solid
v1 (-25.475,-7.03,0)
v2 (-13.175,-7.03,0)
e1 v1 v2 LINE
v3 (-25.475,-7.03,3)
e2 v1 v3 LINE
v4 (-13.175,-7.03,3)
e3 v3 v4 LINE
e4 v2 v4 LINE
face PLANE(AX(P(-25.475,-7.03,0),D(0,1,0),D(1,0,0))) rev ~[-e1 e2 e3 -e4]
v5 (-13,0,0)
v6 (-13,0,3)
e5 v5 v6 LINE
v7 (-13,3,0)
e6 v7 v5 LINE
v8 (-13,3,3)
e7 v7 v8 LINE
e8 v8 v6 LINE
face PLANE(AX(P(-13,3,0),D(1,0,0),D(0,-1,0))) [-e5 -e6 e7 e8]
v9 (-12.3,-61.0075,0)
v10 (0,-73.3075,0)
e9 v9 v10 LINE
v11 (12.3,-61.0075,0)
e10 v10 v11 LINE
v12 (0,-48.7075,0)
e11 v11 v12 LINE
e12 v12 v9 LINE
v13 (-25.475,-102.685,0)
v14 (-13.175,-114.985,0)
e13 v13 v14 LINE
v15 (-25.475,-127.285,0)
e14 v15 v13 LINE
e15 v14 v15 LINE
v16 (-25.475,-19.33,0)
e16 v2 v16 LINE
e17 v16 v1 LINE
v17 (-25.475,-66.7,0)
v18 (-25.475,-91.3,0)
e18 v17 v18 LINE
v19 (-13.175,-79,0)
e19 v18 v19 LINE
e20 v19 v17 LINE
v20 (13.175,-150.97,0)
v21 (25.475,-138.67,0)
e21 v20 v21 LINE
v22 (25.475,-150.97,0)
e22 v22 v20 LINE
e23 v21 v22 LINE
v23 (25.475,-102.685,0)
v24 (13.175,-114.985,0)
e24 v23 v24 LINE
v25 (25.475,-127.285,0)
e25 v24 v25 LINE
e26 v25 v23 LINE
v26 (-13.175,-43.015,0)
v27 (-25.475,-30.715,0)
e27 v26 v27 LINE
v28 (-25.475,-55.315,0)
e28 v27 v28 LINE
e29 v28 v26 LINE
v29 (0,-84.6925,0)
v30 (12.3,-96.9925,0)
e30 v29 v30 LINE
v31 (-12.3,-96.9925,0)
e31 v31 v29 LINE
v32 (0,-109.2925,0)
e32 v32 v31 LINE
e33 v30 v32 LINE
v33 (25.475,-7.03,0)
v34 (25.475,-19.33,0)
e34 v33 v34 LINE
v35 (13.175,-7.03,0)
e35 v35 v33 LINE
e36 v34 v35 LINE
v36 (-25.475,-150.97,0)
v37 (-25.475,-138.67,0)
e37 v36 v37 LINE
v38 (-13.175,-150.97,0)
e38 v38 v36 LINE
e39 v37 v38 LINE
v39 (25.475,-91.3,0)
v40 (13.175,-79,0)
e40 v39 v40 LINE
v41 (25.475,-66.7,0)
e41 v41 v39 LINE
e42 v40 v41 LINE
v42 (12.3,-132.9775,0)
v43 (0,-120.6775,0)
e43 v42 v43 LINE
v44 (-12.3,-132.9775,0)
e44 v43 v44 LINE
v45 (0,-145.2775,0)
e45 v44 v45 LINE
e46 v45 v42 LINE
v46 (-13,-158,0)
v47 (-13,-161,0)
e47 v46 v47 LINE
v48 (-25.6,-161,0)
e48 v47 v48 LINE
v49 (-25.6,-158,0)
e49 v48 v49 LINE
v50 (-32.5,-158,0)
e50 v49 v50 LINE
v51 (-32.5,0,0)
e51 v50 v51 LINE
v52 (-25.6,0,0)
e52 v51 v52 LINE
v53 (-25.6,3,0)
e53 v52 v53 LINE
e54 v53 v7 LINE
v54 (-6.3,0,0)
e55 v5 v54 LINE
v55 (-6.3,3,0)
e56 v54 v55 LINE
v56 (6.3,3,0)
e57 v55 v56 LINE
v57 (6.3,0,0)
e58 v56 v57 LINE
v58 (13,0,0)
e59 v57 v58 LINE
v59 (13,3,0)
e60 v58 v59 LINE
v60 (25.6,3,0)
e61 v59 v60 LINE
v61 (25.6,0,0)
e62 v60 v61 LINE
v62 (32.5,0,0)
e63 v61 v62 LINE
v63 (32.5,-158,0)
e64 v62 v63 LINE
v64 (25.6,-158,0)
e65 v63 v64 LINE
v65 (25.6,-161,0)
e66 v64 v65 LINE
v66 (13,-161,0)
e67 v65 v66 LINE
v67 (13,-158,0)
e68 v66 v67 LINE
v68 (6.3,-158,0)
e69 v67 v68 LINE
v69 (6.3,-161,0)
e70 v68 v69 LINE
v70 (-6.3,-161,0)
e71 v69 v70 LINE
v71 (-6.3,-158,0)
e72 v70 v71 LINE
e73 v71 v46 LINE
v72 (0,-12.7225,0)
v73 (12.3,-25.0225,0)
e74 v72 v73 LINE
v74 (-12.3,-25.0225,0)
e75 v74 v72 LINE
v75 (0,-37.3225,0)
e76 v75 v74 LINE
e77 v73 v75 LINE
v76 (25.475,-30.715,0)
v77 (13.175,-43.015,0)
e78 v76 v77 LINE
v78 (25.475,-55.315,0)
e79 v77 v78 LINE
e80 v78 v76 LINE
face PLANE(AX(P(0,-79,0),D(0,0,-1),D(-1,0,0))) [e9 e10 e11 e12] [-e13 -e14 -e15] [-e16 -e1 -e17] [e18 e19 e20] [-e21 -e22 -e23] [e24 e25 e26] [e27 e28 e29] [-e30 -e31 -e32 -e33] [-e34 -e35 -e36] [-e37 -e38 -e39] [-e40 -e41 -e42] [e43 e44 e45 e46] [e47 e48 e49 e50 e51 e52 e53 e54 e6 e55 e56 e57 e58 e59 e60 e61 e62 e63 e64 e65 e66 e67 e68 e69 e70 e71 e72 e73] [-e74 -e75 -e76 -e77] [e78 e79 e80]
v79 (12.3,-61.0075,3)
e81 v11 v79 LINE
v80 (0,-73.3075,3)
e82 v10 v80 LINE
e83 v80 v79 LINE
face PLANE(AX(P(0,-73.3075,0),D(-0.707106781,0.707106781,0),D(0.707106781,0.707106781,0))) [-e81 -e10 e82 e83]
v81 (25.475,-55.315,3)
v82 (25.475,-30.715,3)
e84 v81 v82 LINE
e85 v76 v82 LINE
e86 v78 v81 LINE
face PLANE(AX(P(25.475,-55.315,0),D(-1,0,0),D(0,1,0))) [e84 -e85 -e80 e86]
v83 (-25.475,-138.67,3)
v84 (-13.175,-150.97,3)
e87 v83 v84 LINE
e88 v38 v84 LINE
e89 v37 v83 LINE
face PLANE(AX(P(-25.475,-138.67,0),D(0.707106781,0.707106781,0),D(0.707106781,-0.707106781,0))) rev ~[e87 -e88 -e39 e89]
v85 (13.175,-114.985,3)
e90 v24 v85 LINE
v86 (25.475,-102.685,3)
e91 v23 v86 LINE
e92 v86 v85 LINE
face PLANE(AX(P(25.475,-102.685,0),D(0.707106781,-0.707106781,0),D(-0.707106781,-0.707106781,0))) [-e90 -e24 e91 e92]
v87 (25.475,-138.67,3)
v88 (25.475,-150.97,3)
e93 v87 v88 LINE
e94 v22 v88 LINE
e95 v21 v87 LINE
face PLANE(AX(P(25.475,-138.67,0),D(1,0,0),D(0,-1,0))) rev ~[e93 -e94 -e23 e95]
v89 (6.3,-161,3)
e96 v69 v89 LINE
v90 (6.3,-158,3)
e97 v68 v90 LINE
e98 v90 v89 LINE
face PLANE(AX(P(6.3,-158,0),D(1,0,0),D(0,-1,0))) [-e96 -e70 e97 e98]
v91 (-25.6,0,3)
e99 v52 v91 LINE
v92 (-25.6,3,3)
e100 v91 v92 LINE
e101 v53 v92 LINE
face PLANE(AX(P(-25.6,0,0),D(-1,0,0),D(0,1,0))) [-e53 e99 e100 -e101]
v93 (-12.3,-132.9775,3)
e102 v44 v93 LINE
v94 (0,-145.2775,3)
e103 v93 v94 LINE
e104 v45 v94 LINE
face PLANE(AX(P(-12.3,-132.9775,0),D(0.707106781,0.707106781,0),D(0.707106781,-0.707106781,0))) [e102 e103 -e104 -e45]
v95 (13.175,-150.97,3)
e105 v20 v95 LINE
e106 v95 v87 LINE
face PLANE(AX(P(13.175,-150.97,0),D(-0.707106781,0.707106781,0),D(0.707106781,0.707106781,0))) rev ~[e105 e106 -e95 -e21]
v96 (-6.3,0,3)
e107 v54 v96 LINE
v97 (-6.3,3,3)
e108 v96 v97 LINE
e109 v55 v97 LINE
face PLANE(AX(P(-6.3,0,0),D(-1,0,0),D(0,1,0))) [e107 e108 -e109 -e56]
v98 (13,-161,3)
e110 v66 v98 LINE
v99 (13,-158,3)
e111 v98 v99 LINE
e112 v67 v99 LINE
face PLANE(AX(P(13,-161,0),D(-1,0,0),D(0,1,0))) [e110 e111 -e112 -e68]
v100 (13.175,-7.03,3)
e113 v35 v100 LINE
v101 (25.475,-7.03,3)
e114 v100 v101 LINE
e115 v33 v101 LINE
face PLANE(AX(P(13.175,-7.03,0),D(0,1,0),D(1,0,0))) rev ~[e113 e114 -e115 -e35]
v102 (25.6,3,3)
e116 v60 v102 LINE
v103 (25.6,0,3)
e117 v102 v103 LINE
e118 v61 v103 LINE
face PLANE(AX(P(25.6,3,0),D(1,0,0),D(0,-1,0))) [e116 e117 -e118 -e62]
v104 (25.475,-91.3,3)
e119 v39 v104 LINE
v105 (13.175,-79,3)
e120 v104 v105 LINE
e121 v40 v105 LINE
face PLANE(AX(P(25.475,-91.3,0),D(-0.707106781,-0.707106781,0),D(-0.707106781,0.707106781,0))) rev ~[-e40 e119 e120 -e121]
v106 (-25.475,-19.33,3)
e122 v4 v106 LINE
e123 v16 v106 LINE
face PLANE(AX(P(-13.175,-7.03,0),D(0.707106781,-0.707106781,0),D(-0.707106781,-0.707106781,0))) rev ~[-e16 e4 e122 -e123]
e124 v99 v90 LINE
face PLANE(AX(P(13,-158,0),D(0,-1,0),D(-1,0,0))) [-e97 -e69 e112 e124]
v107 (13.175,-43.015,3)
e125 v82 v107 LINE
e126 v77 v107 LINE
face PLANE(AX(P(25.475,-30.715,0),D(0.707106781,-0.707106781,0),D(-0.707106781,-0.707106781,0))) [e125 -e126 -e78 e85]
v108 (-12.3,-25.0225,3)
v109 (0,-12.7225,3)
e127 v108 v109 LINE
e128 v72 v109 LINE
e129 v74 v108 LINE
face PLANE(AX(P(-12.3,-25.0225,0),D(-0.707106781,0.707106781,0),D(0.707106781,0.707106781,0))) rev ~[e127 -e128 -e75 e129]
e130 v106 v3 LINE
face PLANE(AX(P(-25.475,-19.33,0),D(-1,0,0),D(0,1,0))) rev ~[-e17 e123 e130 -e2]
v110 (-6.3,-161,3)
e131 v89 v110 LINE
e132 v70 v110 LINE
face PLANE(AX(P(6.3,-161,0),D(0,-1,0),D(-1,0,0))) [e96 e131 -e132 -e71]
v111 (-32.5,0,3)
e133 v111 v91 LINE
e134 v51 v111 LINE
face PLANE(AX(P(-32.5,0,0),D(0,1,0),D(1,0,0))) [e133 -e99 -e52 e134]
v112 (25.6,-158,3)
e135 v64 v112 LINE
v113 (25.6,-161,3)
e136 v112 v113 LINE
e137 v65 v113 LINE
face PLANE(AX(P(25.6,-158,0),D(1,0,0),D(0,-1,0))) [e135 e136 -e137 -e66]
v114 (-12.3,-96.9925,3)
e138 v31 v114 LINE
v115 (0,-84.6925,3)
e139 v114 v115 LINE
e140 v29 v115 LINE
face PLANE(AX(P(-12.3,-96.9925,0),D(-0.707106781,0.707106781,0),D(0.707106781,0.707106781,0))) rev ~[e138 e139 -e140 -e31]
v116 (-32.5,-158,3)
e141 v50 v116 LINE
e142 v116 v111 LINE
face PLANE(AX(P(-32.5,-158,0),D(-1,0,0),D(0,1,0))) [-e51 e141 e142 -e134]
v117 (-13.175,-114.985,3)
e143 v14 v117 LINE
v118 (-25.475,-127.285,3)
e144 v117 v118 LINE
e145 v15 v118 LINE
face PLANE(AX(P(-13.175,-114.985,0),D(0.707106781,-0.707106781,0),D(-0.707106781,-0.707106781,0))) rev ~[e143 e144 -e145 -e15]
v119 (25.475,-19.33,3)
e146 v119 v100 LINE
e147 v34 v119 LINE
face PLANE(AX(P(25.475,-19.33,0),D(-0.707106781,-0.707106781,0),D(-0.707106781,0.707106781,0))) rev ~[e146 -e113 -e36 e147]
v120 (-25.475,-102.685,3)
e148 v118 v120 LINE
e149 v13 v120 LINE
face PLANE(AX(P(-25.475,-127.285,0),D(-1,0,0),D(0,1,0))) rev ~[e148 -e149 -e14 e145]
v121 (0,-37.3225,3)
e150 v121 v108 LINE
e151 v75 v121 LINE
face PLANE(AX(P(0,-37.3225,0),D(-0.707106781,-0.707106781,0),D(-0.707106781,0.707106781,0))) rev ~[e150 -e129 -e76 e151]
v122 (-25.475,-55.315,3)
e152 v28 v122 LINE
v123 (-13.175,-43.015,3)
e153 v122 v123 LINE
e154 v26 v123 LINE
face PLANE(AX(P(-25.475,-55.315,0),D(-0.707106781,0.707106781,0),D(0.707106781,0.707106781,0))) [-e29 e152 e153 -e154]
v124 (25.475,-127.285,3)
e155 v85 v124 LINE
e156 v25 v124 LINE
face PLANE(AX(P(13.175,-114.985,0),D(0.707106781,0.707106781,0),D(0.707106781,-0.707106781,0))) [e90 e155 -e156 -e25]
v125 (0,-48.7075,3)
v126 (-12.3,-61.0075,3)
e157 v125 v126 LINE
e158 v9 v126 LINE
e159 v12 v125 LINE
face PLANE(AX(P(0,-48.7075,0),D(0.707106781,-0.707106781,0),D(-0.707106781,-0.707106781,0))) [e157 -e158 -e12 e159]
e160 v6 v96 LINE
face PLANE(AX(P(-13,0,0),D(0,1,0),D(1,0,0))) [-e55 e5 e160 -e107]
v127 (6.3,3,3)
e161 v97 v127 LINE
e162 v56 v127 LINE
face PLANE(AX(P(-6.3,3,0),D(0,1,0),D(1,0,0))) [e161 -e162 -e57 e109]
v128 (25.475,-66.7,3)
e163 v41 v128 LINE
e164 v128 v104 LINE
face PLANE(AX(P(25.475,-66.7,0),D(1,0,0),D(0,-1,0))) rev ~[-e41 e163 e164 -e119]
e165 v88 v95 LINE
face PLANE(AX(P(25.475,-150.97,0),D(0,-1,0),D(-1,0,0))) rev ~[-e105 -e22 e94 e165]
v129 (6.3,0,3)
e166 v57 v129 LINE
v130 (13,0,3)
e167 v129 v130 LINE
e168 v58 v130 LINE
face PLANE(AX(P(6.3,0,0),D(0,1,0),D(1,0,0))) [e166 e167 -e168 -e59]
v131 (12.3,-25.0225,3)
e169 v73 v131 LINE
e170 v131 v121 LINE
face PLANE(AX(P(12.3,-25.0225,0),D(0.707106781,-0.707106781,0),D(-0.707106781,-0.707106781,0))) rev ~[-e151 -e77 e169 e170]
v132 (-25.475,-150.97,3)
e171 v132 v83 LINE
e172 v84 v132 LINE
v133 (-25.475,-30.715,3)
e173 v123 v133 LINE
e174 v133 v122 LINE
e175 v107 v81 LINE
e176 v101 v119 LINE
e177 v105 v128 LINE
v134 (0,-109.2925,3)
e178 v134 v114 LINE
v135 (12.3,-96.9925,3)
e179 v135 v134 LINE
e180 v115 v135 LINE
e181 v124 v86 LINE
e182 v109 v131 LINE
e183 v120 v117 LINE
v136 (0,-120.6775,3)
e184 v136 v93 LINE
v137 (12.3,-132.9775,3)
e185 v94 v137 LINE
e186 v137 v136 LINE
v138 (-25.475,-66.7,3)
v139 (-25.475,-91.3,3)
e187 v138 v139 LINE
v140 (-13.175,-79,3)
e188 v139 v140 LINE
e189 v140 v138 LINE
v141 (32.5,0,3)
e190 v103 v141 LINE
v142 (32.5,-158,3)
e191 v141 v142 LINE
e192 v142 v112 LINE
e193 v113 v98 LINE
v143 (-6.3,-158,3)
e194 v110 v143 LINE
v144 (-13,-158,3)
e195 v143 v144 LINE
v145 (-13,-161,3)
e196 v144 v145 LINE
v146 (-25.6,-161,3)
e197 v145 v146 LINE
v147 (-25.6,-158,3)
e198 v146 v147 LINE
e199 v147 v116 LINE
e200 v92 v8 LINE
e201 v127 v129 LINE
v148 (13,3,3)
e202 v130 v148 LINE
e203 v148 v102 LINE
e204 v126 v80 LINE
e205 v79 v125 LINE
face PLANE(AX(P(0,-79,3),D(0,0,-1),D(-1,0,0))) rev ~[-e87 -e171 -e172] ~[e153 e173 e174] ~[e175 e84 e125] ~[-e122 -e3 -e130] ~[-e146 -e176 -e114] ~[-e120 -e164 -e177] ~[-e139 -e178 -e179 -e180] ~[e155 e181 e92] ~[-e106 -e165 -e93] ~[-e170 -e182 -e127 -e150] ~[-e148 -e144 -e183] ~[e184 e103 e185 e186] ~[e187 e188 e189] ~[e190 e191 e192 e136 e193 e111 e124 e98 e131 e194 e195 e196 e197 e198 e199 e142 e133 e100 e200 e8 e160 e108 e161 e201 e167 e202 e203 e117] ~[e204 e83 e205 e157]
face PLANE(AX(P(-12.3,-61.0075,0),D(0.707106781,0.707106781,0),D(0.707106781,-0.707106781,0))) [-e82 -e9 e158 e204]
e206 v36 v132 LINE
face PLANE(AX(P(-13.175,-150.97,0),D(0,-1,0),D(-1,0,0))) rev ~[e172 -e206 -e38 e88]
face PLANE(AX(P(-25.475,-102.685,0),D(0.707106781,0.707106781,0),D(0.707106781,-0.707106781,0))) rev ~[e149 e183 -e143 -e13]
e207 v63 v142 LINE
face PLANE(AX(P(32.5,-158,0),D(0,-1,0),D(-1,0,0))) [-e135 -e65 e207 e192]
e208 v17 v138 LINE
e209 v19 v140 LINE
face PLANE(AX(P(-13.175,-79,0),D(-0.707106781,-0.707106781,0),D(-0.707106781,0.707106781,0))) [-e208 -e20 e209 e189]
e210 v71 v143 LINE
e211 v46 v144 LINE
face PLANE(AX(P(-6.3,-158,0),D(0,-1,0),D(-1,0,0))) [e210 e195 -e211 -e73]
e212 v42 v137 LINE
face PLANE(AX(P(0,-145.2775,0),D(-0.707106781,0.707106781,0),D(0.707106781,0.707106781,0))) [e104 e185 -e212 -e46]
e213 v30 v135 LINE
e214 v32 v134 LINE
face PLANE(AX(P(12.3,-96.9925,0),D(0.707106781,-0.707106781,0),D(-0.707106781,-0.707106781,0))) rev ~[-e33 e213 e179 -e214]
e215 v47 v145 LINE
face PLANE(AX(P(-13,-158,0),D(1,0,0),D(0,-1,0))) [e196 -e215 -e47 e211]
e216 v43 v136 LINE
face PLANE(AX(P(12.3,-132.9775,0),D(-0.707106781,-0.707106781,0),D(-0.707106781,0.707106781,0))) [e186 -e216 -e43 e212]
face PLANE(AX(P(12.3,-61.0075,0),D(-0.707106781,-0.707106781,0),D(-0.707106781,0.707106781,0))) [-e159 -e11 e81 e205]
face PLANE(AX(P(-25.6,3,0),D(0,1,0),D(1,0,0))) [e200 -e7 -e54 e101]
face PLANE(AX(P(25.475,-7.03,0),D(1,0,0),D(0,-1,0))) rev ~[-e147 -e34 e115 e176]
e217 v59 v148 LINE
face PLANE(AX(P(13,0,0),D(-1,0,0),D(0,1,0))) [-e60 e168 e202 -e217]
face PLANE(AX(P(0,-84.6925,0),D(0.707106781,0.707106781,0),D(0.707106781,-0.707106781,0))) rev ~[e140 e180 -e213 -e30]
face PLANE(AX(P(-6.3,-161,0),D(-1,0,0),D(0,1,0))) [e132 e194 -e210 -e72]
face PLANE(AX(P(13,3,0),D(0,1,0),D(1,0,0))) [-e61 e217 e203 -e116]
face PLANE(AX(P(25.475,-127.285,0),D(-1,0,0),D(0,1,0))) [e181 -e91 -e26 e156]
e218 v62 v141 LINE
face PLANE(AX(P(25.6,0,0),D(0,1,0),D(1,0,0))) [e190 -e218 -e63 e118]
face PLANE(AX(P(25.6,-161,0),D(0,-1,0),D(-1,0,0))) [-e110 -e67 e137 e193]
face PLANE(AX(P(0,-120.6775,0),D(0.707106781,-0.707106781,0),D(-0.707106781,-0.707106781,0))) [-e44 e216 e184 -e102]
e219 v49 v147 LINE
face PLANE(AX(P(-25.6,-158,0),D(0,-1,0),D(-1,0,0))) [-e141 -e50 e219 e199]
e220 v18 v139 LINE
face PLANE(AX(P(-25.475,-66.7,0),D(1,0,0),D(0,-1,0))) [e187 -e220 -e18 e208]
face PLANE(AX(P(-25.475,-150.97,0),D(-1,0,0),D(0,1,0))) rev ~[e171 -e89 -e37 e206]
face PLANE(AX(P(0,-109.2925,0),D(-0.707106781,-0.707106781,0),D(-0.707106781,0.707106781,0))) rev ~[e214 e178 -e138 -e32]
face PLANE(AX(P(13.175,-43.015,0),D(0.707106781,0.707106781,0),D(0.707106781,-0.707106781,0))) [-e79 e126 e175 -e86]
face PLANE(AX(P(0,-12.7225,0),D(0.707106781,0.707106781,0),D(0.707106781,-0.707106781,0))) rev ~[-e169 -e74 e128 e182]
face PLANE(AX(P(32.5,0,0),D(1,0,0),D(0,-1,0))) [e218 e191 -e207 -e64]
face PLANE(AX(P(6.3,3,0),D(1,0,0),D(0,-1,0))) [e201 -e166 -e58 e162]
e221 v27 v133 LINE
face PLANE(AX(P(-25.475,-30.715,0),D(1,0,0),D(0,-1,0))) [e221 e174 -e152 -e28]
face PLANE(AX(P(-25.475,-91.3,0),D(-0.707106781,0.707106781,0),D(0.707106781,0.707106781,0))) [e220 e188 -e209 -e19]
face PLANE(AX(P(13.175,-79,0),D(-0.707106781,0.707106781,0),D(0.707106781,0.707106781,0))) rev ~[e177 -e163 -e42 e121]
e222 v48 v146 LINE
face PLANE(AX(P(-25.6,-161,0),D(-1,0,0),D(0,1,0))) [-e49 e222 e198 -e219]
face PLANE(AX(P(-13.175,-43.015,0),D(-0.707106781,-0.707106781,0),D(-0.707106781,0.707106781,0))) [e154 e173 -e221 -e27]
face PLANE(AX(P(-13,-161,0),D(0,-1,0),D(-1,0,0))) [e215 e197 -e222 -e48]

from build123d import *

# Parameters (mm, degrees)
SALIENTE_EXTRUIR1_DEPTH = 3


with BuildPart() as part:
    # Croquis2 → Saliente-Extruir1 (new body)
    with BuildSketch(Plane.XY):
        Polygon((-32.5, 0), (-25.6, 0), (-25.6, 3), (-13, 3), (-13, 0), (-6.3, 0), (-6.3, 3), (6.3, 3), (6.3, 0), (13, 0), (13, 3), (25.6, 3), (25.6, 0), (32.5, 0), (32.5, -158), (25.6, -158), (25.6, -161), (13, -161), (13, -158), (6.3, -158), (6.3, -161), (-6.3, -161), (-6.3, -158), (-13, -158), (-13, -161), (-25.6, -161), (-25.6, -158), (-32.5, -158), align=None)
        Polygon((-13.175, -7.03), (-25.475, -19.33), (-25.475, -7.03), align=None, mode=Mode.SUBTRACT)
        Polygon((13.175, -7.03), (25.475, -7.03), (25.475, -19.33), align=None, mode=Mode.SUBTRACT)
        Polygon((13.175, -79), (25.475, -66.7), (25.475, -91.3), align=None, mode=Mode.SUBTRACT)
        Polygon((13.175, -150.97), (25.475, -138.67), (25.475, -150.97), align=None, mode=Mode.SUBTRACT)
        Polygon((-13.175, -79), (-25.475, -66.7), (-25.475, -91.3), align=None, mode=Mode.SUBTRACT)
        Polygon((13.175, -43.015), (25.475, -55.315), (25.475, -30.715), align=None, mode=Mode.SUBTRACT)
        Polygon((-13.175, -43.015), (-25.475, -30.715), (-25.475, -55.315), align=None, mode=Mode.SUBTRACT)
        Polygon((0, -48.7075), (-12.3, -61.0075), (0, -73.3075), (12.3, -61.0075), align=None, mode=Mode.SUBTRACT)
        Polygon((0, -12.7225), (12.3, -25.0225), (0, -37.3225), (-12.3, -25.0225), align=None, mode=Mode.SUBTRACT)
        Polygon((-13.175, -150.97), (-25.475, -150.97), (-25.475, -138.67), align=None, mode=Mode.SUBTRACT)
        Polygon((-13.175, -114.985), (-25.475, -127.285), (-25.475, -102.685), align=None, mode=Mode.SUBTRACT)
        Polygon((-12.3, -132.9775), (0, -145.2775), (12.3, -132.9775), (0, -120.6775), align=None, mode=Mode.SUBTRACT)
        Polygon((13.175, -114.985), (25.475, -127.285), (25.475, -102.685), align=None, mode=Mode.SUBTRACT)
        Polygon((0, -84.6925), (12.3, -96.9925), (0, -109.2925), (-12.3, -96.9925), align=None, mode=Mode.SUBTRACT)
    extrude(amount=SALIENTE_EXTRUIR1_DEPTH)


solid = part.part
